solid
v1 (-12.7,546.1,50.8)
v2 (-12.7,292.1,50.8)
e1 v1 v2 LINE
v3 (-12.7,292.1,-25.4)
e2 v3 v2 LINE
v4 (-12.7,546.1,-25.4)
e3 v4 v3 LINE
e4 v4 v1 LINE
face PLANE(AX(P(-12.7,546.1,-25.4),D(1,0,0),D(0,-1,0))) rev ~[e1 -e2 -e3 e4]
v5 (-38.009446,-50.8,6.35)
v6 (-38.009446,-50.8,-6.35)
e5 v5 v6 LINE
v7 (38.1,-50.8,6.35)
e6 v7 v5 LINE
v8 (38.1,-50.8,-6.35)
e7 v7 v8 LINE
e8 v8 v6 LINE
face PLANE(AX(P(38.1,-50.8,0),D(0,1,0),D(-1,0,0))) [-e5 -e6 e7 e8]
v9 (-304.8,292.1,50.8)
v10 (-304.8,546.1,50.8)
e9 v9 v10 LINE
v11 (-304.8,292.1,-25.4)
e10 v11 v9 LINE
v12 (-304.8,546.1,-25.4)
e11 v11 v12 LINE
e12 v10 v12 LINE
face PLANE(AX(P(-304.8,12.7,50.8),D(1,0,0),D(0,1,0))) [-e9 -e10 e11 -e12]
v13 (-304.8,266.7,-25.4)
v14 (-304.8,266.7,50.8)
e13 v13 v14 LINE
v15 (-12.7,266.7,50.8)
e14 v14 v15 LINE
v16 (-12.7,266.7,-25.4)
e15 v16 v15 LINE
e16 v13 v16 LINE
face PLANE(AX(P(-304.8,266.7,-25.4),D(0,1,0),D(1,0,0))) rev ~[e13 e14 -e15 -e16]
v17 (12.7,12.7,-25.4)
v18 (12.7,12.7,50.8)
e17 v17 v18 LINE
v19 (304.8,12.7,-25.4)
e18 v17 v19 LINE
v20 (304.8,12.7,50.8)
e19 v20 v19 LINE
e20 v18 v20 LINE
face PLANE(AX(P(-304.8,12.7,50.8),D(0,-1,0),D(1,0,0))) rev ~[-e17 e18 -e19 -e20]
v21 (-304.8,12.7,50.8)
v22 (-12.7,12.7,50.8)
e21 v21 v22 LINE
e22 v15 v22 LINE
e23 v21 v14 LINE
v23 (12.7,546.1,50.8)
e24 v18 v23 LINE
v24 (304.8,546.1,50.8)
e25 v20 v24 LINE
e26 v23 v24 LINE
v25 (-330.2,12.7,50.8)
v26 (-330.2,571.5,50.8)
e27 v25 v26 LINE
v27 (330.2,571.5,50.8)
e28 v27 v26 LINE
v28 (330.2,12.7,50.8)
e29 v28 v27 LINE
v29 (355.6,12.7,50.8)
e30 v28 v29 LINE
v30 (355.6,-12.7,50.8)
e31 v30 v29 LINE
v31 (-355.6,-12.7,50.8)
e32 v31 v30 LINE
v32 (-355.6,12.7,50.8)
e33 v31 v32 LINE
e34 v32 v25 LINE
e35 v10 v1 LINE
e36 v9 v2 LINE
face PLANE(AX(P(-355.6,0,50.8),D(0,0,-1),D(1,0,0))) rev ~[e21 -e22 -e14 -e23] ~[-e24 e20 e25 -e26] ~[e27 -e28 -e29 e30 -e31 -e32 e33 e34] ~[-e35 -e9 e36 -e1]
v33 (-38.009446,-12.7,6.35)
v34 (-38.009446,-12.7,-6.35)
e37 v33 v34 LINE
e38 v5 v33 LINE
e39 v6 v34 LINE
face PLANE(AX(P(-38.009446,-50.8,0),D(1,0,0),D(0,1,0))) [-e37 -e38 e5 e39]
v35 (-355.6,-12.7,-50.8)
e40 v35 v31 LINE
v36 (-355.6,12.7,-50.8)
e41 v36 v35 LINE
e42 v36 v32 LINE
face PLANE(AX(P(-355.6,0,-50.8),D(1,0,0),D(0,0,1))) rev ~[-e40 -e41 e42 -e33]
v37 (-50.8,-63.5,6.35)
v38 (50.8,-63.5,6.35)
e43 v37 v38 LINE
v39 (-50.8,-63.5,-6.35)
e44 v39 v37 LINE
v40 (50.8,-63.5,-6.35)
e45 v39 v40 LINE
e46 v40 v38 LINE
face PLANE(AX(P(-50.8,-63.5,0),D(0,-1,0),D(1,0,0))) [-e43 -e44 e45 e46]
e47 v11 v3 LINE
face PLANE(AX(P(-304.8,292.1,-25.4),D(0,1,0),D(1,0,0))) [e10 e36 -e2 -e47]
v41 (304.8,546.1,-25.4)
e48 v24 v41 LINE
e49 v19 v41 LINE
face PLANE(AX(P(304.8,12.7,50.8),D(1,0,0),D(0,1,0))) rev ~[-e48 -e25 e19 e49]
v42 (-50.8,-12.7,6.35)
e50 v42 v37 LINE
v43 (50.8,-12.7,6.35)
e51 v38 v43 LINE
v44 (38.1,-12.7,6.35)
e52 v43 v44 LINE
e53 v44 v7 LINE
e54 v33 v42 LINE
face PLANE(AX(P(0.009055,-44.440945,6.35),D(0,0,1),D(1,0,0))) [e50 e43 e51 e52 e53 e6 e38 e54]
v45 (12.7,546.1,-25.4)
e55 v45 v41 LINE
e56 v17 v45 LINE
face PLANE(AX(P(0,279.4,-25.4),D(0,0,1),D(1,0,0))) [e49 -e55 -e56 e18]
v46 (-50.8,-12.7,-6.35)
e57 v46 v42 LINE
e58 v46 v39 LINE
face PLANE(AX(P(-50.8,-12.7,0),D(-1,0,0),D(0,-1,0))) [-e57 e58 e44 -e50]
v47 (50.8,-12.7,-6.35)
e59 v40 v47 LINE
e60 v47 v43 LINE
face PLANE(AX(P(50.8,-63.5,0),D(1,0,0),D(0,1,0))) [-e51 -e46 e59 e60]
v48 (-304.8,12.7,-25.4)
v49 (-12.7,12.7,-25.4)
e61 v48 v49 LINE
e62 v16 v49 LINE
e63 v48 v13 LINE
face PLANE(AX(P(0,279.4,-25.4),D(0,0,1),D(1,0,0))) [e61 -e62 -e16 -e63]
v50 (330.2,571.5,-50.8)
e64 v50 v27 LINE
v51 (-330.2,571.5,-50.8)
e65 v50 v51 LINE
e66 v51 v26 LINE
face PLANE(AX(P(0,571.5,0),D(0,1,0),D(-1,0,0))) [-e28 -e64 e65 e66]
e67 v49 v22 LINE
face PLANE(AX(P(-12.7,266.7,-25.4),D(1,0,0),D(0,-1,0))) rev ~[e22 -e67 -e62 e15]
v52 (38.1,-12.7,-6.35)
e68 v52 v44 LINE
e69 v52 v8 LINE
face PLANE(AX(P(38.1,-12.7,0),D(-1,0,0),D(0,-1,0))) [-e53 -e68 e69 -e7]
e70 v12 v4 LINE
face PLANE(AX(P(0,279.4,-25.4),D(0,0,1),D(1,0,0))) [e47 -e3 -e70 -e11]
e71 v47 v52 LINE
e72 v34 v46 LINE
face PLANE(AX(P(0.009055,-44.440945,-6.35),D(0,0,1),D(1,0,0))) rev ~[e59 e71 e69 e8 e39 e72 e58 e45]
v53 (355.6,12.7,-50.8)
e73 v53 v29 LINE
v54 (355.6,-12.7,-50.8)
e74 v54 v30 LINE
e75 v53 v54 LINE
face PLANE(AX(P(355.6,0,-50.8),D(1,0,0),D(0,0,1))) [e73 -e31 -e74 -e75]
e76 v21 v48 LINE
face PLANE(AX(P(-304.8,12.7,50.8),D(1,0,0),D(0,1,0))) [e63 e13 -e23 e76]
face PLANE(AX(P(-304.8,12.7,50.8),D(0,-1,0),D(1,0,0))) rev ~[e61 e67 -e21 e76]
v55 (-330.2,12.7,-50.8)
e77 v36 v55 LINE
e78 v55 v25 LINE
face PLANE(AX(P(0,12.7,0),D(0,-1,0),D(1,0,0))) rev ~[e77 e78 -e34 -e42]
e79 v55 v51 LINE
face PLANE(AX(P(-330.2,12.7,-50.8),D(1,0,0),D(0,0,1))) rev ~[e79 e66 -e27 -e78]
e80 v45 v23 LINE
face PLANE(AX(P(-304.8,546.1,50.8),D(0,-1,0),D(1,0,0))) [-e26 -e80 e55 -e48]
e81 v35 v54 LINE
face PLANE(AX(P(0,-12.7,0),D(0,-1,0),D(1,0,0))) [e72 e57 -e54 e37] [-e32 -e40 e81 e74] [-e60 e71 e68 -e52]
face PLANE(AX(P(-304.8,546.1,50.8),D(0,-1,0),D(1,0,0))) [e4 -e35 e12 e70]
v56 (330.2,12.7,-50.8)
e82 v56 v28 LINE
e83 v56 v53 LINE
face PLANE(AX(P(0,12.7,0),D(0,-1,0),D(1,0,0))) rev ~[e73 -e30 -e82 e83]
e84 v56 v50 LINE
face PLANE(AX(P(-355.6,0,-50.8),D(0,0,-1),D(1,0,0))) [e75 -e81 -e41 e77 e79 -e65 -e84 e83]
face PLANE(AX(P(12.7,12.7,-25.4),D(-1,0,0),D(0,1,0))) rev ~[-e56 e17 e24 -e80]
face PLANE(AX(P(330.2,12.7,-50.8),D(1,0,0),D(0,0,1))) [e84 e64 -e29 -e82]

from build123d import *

# Parameters (mm, degrees)
F0_W      = 711.2
F0_H      = 101.6
F1_DEPTH  = 12.7
F2_W      = 660.4
F2_H      = 101.6
F3_DEPTH  = 558.8
F4_W      = 609.6
F4_H      = 533.4
F5_DEPTH  = 76.2
F7_DEPTH  = 6.35
F9_W      = 292.1
F9_H      = 25.4
F10_DEPTH = 76.2


with BuildPart() as f1:
    # F0 (on Front) → F1 (new body, symmetric)
    with BuildSketch(Plane.XZ):
        Rectangle(F0_W, F0_H)
    extrude(amount=F1_DEPTH, both=True)

    # F2 (on face) → F3 (join)
    with BuildSketch(Plane(origin=(0, 12.7, 0), x_dir=(-1, 0, 0), z_dir=(0, 1, 0))):
        Rectangle(F2_W, F2_H)
    extrude(amount=F3_DEPTH)

    # F4 (on face) → F5 (cut)
    with BuildSketch(Plane.XY.offset(50.8)):
        with Locations((0, 279.4)):
            Rectangle(F4_W, F4_H)
    extrude(amount=-F5_DEPTH, mode=Mode.SUBTRACT)

    # F6 (on Top) → F7 (join, symmetric)
    with BuildSketch(Plane.XY):
        Polygon((-38.009446, -12.7), (-50.8, -12.7), (-50.8, -63.5), (50.8, -63.5), (50.8, -12.7), (38.1, -12.7), (38.1, -50.8), (-38.009446, -50.8), align=None)
    extrude(amount=F7_DEPTH, both=True)

    # F9 (on face) → F10 (join)
    with BuildSketch(Plane.XY.offset(-25.4)):
        with Locations((-158.75, 279.4)):
            Rectangle(F9_W, F9_H)
        Polygon((-12.7, 546.1), (-12.7, 292.1), (-12.7, 266.7), (-12.7, 12.7), (12.7, 12.7), (12.7, 546.1), align=None)
    extrude(amount=F10_DEPTH)


solid = f1.part
